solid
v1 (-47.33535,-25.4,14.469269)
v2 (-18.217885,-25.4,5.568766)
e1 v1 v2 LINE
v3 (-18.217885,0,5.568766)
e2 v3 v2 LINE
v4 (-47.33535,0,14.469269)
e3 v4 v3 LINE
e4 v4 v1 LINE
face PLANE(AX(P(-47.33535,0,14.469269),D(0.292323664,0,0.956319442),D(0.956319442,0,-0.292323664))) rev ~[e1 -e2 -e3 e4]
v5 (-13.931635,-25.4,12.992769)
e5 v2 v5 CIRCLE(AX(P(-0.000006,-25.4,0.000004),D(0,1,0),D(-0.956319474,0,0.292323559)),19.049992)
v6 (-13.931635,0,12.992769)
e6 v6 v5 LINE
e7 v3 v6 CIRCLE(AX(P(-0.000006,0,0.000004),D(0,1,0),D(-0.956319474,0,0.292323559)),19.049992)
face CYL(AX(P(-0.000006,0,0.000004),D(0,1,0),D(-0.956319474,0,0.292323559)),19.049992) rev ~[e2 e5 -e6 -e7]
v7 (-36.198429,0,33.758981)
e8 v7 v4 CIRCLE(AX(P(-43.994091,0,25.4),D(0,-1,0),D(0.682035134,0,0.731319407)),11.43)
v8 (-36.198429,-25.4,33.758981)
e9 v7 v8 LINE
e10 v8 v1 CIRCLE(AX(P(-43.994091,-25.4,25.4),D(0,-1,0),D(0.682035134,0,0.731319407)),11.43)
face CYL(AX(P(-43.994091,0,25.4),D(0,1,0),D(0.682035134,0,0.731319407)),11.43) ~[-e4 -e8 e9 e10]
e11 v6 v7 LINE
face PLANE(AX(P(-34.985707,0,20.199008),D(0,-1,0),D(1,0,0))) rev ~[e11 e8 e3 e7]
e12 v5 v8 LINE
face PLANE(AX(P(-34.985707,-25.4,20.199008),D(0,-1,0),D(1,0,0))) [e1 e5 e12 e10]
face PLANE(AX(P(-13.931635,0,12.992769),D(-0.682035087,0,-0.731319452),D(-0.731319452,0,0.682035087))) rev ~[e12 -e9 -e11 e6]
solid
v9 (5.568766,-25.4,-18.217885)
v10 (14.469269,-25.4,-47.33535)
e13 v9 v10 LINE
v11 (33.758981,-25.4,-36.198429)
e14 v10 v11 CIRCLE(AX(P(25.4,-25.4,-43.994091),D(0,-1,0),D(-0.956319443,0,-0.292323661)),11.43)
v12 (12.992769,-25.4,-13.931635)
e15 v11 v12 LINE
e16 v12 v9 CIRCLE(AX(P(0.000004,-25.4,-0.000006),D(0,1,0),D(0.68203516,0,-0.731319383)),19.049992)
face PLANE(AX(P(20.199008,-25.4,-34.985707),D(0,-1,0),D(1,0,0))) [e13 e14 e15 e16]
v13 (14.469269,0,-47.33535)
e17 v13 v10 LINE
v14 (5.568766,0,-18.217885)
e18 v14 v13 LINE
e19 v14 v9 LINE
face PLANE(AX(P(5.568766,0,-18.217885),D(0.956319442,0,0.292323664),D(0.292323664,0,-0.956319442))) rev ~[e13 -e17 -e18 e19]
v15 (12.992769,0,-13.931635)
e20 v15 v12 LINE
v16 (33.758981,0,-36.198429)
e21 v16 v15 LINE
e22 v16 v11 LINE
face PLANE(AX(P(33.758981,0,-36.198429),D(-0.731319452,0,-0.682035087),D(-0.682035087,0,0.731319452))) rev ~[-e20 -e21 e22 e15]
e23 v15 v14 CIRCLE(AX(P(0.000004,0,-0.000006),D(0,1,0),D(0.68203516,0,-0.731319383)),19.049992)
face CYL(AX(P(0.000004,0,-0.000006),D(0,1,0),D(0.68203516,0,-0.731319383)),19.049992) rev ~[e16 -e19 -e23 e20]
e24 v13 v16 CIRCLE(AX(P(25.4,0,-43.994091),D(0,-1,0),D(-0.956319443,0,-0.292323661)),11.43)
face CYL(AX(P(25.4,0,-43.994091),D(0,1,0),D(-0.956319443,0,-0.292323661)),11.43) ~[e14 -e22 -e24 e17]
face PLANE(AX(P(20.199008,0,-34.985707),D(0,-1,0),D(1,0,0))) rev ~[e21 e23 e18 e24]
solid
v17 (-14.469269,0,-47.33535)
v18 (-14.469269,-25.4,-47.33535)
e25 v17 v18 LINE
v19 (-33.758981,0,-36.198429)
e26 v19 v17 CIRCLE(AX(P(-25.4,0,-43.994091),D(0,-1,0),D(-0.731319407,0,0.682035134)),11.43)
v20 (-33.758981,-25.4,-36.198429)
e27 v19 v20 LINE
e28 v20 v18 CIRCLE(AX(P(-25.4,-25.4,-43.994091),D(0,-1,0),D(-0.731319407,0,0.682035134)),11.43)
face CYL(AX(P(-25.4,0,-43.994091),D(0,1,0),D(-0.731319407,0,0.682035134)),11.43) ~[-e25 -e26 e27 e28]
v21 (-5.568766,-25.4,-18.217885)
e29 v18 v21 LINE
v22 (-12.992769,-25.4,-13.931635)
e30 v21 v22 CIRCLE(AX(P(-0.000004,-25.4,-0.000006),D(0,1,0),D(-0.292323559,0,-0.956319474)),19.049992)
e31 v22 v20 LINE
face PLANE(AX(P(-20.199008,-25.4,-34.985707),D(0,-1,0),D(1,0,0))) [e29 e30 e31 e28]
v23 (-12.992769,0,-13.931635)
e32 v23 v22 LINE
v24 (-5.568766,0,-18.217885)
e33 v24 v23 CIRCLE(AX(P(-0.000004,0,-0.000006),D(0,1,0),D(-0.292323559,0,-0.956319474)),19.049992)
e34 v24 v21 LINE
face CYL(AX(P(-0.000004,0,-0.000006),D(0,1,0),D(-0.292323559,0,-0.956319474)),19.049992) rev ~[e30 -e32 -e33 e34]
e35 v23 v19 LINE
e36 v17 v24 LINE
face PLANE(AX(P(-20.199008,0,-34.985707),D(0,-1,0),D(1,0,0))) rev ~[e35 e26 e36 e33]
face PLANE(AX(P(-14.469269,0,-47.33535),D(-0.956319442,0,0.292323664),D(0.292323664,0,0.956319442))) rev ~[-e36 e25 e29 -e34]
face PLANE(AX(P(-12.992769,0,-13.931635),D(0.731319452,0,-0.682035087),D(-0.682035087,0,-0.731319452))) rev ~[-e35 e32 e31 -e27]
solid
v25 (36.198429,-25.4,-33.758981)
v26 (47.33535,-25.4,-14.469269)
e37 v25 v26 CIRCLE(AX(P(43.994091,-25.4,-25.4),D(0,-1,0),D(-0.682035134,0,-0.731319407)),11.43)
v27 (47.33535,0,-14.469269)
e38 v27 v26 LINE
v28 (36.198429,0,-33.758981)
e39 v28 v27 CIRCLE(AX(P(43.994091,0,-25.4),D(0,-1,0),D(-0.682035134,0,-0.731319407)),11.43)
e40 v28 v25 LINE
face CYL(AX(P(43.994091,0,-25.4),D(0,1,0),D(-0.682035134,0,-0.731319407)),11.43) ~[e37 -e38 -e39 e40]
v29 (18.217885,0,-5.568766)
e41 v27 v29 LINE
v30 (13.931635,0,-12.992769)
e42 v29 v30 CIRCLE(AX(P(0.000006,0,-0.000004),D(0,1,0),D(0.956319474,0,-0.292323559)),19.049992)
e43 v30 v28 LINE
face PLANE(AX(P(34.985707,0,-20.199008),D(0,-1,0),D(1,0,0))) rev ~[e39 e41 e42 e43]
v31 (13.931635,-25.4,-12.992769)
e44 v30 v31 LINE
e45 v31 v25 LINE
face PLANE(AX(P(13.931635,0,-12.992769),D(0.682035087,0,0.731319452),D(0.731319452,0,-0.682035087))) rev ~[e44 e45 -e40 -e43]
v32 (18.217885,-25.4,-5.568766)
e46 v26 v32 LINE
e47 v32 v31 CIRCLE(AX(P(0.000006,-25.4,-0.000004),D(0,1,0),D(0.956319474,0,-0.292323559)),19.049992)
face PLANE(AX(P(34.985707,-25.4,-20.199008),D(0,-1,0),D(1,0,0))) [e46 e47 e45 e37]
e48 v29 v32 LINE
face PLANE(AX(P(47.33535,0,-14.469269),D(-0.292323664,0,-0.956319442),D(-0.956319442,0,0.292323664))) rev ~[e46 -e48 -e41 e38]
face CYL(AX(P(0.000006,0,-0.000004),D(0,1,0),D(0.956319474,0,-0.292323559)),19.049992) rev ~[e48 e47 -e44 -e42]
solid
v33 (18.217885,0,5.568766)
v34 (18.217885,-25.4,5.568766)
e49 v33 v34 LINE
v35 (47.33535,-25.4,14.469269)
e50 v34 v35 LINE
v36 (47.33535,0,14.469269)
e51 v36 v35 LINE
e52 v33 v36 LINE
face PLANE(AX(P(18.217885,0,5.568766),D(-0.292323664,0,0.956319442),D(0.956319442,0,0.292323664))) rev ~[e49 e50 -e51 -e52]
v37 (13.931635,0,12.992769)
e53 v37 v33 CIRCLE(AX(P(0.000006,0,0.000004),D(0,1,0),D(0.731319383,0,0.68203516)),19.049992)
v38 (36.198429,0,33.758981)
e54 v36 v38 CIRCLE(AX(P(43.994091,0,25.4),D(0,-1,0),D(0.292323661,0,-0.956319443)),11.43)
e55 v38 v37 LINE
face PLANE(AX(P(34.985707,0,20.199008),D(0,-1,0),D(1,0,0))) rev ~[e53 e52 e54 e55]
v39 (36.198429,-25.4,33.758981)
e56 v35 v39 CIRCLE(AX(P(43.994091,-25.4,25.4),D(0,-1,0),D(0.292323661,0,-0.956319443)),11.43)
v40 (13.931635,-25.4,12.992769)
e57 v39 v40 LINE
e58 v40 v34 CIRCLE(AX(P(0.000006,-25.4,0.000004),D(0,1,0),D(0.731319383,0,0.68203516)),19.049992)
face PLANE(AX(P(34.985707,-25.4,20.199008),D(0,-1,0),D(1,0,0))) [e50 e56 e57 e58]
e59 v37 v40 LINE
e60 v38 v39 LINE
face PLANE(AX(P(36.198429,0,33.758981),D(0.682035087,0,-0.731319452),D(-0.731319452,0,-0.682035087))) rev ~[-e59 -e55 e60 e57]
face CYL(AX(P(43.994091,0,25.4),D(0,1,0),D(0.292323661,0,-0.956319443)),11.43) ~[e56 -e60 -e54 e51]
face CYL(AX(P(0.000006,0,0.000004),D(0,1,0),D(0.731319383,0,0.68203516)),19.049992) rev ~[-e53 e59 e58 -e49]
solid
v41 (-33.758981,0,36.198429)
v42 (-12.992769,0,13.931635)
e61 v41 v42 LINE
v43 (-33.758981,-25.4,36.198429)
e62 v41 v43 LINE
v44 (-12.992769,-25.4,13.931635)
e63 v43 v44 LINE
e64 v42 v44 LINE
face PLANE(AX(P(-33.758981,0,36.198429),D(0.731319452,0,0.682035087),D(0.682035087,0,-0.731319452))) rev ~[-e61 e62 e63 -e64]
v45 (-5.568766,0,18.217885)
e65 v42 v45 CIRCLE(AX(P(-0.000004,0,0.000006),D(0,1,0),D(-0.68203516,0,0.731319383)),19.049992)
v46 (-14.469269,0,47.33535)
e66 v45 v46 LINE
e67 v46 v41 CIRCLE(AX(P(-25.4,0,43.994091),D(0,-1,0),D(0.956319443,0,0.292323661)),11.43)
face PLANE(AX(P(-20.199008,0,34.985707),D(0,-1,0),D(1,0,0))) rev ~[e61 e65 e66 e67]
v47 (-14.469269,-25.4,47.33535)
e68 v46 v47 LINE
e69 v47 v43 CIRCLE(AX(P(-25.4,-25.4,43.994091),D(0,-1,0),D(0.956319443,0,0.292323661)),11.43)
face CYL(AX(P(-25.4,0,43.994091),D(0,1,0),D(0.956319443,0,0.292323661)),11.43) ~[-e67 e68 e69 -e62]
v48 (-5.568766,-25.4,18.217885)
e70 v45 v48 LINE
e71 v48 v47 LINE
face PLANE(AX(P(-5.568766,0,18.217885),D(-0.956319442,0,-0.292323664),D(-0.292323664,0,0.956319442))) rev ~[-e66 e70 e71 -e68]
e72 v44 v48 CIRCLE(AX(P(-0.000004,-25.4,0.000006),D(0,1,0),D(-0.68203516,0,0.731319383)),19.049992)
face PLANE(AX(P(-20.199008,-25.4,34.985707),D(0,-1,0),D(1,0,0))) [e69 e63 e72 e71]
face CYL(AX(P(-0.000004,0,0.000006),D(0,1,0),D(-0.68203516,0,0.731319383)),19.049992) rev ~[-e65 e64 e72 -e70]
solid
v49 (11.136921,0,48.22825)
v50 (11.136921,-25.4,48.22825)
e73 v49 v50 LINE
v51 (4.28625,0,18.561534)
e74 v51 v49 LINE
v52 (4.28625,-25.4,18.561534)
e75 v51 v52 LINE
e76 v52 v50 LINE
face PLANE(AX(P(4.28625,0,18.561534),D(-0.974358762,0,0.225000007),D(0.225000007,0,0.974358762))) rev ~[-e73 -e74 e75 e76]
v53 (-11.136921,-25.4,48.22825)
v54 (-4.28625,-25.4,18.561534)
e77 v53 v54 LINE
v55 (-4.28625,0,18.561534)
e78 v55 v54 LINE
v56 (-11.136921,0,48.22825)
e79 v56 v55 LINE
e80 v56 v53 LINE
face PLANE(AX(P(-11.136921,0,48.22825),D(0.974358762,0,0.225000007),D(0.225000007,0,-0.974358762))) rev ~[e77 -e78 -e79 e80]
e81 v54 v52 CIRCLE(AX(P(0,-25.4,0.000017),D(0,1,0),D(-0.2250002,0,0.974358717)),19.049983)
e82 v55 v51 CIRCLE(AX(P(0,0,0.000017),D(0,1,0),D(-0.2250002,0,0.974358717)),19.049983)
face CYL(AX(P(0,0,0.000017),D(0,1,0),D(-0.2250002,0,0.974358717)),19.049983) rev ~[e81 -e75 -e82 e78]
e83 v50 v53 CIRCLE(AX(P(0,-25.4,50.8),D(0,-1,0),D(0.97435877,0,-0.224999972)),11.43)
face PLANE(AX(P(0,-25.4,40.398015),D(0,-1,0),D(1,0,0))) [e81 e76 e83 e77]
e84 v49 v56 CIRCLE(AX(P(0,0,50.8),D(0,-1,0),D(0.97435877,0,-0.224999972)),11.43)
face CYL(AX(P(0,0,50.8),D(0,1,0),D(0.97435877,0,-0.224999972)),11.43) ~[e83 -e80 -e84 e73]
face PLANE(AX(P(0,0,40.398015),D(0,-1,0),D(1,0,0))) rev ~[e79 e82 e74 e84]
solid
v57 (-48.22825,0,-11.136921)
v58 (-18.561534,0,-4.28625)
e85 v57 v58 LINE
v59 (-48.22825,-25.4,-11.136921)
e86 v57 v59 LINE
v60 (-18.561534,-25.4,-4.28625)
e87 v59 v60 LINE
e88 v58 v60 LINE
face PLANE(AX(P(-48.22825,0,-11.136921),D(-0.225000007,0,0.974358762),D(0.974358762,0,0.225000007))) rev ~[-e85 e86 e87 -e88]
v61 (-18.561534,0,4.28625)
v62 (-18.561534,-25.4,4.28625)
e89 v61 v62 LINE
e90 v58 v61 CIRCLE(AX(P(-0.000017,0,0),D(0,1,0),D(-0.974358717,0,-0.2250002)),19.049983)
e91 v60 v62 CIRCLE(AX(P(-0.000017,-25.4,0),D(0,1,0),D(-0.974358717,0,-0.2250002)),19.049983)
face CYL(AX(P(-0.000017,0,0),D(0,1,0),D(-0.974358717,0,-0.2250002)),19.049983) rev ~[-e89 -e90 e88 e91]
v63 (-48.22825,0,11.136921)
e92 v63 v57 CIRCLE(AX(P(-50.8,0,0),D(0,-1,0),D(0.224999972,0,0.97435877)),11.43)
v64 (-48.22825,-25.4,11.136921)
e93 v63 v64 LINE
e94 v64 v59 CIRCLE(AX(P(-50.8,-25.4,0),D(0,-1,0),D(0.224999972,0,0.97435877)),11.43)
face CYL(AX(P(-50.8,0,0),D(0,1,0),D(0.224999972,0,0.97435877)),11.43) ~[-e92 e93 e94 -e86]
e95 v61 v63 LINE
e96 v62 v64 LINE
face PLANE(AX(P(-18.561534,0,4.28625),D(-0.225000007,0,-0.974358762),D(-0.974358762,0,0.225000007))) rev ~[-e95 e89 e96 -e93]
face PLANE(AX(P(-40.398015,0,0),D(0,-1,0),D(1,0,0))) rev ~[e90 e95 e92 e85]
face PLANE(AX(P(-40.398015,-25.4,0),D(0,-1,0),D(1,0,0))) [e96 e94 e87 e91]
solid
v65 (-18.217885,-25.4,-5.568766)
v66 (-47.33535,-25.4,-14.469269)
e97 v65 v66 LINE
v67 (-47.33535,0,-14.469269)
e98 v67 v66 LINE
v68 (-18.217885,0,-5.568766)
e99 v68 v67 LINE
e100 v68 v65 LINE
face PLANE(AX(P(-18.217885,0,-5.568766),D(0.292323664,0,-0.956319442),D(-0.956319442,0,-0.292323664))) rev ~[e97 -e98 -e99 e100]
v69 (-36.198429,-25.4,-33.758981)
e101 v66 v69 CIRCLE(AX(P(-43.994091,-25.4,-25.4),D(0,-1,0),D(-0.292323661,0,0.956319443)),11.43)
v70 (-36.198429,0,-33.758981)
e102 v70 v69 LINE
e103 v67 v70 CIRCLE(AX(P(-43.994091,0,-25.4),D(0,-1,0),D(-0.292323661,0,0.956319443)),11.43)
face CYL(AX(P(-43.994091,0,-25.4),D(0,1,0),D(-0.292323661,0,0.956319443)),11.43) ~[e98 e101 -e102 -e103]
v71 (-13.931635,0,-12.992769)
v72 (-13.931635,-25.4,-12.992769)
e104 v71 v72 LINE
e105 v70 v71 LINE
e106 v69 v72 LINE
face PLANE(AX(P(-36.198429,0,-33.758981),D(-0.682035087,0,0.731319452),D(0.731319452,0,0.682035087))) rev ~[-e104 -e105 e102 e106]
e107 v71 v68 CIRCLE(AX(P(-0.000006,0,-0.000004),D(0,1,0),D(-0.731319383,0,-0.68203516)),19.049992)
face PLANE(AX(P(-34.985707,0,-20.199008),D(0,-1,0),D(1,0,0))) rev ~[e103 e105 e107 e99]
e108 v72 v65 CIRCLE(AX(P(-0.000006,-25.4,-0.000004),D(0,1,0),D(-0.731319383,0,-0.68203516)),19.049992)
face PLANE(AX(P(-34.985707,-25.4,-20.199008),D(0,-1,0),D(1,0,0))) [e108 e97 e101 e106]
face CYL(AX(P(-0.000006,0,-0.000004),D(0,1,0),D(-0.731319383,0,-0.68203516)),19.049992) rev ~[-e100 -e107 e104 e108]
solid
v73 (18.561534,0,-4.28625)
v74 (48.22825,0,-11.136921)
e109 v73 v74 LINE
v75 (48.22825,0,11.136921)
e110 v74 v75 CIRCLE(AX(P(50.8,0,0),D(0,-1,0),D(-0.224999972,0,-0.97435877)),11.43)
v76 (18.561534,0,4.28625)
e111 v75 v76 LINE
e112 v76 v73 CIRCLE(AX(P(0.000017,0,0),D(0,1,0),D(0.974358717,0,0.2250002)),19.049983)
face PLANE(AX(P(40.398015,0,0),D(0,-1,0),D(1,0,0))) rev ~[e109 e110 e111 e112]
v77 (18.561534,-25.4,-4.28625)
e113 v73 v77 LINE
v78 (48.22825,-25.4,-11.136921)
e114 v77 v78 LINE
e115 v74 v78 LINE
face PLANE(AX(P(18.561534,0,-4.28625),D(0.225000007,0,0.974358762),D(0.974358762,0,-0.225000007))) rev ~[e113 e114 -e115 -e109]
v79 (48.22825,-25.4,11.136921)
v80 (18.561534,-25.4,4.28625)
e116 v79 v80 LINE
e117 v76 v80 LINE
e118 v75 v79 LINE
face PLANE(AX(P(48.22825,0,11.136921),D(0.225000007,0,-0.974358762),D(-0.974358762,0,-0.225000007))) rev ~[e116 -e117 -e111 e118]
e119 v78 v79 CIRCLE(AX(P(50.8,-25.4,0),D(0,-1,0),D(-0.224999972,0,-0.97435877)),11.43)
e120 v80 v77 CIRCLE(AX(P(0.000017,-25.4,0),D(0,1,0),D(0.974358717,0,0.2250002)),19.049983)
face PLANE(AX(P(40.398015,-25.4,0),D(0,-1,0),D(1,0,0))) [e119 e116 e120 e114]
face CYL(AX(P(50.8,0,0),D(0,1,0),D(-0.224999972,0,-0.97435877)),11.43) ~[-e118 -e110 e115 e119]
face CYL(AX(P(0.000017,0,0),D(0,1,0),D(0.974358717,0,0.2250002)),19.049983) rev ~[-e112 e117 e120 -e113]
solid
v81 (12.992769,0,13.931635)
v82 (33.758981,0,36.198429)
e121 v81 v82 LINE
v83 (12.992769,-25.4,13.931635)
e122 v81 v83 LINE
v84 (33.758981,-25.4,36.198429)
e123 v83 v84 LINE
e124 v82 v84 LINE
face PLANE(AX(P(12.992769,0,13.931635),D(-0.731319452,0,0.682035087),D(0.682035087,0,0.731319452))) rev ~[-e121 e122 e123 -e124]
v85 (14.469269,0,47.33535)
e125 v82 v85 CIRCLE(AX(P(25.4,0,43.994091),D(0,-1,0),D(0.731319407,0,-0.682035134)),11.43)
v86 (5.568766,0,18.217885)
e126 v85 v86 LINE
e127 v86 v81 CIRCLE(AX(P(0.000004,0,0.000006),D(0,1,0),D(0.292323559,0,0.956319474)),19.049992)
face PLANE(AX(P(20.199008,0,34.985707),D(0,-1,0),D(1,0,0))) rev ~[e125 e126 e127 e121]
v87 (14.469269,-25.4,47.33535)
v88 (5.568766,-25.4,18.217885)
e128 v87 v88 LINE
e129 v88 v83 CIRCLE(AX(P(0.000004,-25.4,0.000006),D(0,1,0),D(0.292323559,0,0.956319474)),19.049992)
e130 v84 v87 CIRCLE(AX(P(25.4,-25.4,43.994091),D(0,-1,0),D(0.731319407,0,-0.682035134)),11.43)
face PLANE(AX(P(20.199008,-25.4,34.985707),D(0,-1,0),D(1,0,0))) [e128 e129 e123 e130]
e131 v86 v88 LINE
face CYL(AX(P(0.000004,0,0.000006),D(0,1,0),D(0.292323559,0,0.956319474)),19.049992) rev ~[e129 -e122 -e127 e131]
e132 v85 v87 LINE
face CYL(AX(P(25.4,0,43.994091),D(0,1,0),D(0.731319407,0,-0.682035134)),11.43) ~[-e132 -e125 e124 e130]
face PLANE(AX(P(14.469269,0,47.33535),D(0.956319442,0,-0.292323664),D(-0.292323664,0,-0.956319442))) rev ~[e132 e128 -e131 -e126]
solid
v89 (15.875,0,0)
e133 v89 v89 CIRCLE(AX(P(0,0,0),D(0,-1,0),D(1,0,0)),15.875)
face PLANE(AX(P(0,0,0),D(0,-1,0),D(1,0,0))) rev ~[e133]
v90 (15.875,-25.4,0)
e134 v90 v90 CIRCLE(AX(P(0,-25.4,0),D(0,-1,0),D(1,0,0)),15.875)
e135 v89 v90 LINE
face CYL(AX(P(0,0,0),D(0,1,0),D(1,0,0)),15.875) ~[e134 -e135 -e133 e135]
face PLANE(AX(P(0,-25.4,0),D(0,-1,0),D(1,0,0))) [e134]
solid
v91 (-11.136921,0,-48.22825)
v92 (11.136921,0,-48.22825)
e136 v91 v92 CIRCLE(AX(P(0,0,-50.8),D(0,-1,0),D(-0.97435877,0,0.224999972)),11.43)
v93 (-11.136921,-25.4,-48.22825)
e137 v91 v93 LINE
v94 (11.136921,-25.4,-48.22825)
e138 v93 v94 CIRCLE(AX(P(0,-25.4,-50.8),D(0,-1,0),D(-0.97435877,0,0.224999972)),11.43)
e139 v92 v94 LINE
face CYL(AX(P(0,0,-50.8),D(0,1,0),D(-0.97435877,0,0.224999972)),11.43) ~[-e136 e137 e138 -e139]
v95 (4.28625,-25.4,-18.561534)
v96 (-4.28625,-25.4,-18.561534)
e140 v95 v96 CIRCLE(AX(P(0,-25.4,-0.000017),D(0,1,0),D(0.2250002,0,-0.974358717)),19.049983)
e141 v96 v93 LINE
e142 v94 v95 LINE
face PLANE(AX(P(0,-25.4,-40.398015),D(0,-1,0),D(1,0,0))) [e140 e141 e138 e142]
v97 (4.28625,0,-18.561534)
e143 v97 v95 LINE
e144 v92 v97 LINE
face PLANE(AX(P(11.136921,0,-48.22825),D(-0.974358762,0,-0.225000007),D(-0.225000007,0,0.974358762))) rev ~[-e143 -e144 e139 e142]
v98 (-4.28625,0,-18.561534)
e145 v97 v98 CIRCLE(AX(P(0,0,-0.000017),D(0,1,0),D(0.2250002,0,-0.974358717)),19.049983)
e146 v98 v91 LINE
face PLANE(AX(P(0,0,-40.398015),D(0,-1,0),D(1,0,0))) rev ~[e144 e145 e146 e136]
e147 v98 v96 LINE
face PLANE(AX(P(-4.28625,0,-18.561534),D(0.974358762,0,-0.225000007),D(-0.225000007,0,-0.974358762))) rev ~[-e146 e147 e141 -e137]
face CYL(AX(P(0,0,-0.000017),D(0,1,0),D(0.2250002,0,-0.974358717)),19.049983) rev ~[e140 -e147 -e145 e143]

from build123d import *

# Parameters (mm, degrees)
F0_R     = 15.875
F1_DEPTH = 25.4


with BuildPart() as f1:
    # F0 (on Front) → F1 (new body)
    with BuildSketch(Plane.XZ):
        with BuildLine():
            ThreePointArc((-4.28625, 18.561534), (0, 19.05), (4.28625, 18.561534))
            Line((4.28625, 18.561534), (11.136921, 48.22825))
            ThreePointArc((11.136921, 48.22825), (0, 62.23), (-11.136921, 48.22825))
            Line((-11.136921, 48.22825), (-4.28625, 18.561534))
        make_face()
        Circle(F0_R)
        with BuildLine():
            ThreePointArc((-12.992769, 13.931635), (-9.525, 16.497784), (-5.568766, 18.217885))
            Line((-5.568766, 18.217885), (-14.469269, 47.33535))
            ThreePointArc((-14.469269, 47.33535), (-31.115, 53.892761), (-33.758981, 36.198429))
            Line((-33.758981, 36.198429), (-12.992769, 13.931635))
        make_face()
        with BuildLine():
            ThreePointArc((-18.217885, 5.568766), (-16.497784, 9.525), (-13.931635, 12.992769))
            Line((-13.931635, 12.992769), (-36.198429, 33.758981))
            ThreePointArc((-36.198429, 33.758981), (-53.892761, 31.115), (-47.33535, 14.469269))
            Line((-47.33535, 14.469269), (-18.217885, 5.568766))
        make_face()
        with BuildLine():
            ThreePointArc((-18.561534, -4.28625), (-19.05, 0), (-18.561534, 4.28625))
            Line((-18.561534, 4.28625), (-48.22825, 11.136921))
            ThreePointArc((-48.22825, 11.136921), (-62.23, 0), (-48.22825, -11.136921))
            Line((-48.22825, -11.136921), (-18.561534, -4.28625))
        make_face()
        with BuildLine():
            ThreePointArc((-13.931635, -12.992769), (-16.497784, -9.525), (-18.217885, -5.568766))
            Line((-18.217885, -5.568766), (-47.33535, -14.469269))
            ThreePointArc((-47.33535, -14.469269), (-53.892761, -31.115), (-36.198429, -33.758981))
            Line((-36.198429, -33.758981), (-13.931635, -12.992769))
        make_face()
        with BuildLine():
            ThreePointArc((-5.568766, -18.217885), (-9.525, -16.497784), (-12.992769, -13.931635))
            Line((-12.992769, -13.931635), (-33.758981, -36.198429))
            ThreePointArc((-33.758981, -36.198429), (-31.115, -53.892761), (-14.469269, -47.33535))
            Line((-14.469269, -47.33535), (-5.568766, -18.217885))
        make_face()
        with BuildLine():
            ThreePointArc((4.28625, -18.561534), (0, -19.05), (-4.28625, -18.561534))
            Line((-4.28625, -18.561534), (-11.136921, -48.22825))
            ThreePointArc((-11.136921, -48.22825), (0, -62.23), (11.136921, -48.22825))
            Line((11.136921, -48.22825), (4.28625, -18.561534))
        make_face()
        with BuildLine():
            ThreePointArc((12.992769, -13.931635), (9.525, -16.497784), (5.568766, -18.217885))
            Line((5.568766, -18.217885), (14.469269, -47.33535))
            ThreePointArc((14.469269, -47.33535), (31.115, -53.892761), (33.758981, -36.198429))
            Line((33.758981, -36.198429), (12.992769, -13.931635))
        make_face()
        with BuildLine():
            ThreePointArc((18.217885, -5.568766), (16.497784, -9.525), (13.931635, -12.992769))
            Line((13.931635, -12.992769), (36.198429, -33.758981))
            ThreePointArc((36.198429, -33.758981), (53.892761, -31.115), (47.33535, -14.469269))
            Line((47.33535, -14.469269), (18.217885, -5.568766))
        make_face()
        with BuildLine():
            ThreePointArc((18.561534, 4.28625), (19.05, 0), (18.561534, -4.28625))
            Line((18.561534, -4.28625), (48.22825, -11.136921))
            ThreePointArc((48.22825, -11.136921), (62.23, 0), (48.22825, 11.136921))
            Line((48.22825, 11.136921), (18.561534, 4.28625))
        make_face()
        with BuildLine():
            ThreePointArc((13.931635, 12.992769), (16.497784, 9.525), (18.217885, 5.568766))
            Line((18.217885, 5.568766), (47.33535, 14.469269))
            ThreePointArc((47.33535, 14.469269), (53.892761, 31.115), (36.198429, 33.758981))
            Line((36.198429, 33.758981), (13.931635, 12.992769))
        make_face()
        with BuildLine():
            ThreePointArc((5.568766, 18.217885), (9.525, 16.497784), (12.992769, 13.931635))
            Line((12.992769, 13.931635), (33.758981, 36.198429))
            ThreePointArc((33.758981, 36.198429), (31.115, 53.892761), (14.469269, 47.33535))
            Line((14.469269, 47.33535), (5.568766, 18.217885))
        make_face()
    extrude(amount=F1_DEPTH)


solid = f1.part
